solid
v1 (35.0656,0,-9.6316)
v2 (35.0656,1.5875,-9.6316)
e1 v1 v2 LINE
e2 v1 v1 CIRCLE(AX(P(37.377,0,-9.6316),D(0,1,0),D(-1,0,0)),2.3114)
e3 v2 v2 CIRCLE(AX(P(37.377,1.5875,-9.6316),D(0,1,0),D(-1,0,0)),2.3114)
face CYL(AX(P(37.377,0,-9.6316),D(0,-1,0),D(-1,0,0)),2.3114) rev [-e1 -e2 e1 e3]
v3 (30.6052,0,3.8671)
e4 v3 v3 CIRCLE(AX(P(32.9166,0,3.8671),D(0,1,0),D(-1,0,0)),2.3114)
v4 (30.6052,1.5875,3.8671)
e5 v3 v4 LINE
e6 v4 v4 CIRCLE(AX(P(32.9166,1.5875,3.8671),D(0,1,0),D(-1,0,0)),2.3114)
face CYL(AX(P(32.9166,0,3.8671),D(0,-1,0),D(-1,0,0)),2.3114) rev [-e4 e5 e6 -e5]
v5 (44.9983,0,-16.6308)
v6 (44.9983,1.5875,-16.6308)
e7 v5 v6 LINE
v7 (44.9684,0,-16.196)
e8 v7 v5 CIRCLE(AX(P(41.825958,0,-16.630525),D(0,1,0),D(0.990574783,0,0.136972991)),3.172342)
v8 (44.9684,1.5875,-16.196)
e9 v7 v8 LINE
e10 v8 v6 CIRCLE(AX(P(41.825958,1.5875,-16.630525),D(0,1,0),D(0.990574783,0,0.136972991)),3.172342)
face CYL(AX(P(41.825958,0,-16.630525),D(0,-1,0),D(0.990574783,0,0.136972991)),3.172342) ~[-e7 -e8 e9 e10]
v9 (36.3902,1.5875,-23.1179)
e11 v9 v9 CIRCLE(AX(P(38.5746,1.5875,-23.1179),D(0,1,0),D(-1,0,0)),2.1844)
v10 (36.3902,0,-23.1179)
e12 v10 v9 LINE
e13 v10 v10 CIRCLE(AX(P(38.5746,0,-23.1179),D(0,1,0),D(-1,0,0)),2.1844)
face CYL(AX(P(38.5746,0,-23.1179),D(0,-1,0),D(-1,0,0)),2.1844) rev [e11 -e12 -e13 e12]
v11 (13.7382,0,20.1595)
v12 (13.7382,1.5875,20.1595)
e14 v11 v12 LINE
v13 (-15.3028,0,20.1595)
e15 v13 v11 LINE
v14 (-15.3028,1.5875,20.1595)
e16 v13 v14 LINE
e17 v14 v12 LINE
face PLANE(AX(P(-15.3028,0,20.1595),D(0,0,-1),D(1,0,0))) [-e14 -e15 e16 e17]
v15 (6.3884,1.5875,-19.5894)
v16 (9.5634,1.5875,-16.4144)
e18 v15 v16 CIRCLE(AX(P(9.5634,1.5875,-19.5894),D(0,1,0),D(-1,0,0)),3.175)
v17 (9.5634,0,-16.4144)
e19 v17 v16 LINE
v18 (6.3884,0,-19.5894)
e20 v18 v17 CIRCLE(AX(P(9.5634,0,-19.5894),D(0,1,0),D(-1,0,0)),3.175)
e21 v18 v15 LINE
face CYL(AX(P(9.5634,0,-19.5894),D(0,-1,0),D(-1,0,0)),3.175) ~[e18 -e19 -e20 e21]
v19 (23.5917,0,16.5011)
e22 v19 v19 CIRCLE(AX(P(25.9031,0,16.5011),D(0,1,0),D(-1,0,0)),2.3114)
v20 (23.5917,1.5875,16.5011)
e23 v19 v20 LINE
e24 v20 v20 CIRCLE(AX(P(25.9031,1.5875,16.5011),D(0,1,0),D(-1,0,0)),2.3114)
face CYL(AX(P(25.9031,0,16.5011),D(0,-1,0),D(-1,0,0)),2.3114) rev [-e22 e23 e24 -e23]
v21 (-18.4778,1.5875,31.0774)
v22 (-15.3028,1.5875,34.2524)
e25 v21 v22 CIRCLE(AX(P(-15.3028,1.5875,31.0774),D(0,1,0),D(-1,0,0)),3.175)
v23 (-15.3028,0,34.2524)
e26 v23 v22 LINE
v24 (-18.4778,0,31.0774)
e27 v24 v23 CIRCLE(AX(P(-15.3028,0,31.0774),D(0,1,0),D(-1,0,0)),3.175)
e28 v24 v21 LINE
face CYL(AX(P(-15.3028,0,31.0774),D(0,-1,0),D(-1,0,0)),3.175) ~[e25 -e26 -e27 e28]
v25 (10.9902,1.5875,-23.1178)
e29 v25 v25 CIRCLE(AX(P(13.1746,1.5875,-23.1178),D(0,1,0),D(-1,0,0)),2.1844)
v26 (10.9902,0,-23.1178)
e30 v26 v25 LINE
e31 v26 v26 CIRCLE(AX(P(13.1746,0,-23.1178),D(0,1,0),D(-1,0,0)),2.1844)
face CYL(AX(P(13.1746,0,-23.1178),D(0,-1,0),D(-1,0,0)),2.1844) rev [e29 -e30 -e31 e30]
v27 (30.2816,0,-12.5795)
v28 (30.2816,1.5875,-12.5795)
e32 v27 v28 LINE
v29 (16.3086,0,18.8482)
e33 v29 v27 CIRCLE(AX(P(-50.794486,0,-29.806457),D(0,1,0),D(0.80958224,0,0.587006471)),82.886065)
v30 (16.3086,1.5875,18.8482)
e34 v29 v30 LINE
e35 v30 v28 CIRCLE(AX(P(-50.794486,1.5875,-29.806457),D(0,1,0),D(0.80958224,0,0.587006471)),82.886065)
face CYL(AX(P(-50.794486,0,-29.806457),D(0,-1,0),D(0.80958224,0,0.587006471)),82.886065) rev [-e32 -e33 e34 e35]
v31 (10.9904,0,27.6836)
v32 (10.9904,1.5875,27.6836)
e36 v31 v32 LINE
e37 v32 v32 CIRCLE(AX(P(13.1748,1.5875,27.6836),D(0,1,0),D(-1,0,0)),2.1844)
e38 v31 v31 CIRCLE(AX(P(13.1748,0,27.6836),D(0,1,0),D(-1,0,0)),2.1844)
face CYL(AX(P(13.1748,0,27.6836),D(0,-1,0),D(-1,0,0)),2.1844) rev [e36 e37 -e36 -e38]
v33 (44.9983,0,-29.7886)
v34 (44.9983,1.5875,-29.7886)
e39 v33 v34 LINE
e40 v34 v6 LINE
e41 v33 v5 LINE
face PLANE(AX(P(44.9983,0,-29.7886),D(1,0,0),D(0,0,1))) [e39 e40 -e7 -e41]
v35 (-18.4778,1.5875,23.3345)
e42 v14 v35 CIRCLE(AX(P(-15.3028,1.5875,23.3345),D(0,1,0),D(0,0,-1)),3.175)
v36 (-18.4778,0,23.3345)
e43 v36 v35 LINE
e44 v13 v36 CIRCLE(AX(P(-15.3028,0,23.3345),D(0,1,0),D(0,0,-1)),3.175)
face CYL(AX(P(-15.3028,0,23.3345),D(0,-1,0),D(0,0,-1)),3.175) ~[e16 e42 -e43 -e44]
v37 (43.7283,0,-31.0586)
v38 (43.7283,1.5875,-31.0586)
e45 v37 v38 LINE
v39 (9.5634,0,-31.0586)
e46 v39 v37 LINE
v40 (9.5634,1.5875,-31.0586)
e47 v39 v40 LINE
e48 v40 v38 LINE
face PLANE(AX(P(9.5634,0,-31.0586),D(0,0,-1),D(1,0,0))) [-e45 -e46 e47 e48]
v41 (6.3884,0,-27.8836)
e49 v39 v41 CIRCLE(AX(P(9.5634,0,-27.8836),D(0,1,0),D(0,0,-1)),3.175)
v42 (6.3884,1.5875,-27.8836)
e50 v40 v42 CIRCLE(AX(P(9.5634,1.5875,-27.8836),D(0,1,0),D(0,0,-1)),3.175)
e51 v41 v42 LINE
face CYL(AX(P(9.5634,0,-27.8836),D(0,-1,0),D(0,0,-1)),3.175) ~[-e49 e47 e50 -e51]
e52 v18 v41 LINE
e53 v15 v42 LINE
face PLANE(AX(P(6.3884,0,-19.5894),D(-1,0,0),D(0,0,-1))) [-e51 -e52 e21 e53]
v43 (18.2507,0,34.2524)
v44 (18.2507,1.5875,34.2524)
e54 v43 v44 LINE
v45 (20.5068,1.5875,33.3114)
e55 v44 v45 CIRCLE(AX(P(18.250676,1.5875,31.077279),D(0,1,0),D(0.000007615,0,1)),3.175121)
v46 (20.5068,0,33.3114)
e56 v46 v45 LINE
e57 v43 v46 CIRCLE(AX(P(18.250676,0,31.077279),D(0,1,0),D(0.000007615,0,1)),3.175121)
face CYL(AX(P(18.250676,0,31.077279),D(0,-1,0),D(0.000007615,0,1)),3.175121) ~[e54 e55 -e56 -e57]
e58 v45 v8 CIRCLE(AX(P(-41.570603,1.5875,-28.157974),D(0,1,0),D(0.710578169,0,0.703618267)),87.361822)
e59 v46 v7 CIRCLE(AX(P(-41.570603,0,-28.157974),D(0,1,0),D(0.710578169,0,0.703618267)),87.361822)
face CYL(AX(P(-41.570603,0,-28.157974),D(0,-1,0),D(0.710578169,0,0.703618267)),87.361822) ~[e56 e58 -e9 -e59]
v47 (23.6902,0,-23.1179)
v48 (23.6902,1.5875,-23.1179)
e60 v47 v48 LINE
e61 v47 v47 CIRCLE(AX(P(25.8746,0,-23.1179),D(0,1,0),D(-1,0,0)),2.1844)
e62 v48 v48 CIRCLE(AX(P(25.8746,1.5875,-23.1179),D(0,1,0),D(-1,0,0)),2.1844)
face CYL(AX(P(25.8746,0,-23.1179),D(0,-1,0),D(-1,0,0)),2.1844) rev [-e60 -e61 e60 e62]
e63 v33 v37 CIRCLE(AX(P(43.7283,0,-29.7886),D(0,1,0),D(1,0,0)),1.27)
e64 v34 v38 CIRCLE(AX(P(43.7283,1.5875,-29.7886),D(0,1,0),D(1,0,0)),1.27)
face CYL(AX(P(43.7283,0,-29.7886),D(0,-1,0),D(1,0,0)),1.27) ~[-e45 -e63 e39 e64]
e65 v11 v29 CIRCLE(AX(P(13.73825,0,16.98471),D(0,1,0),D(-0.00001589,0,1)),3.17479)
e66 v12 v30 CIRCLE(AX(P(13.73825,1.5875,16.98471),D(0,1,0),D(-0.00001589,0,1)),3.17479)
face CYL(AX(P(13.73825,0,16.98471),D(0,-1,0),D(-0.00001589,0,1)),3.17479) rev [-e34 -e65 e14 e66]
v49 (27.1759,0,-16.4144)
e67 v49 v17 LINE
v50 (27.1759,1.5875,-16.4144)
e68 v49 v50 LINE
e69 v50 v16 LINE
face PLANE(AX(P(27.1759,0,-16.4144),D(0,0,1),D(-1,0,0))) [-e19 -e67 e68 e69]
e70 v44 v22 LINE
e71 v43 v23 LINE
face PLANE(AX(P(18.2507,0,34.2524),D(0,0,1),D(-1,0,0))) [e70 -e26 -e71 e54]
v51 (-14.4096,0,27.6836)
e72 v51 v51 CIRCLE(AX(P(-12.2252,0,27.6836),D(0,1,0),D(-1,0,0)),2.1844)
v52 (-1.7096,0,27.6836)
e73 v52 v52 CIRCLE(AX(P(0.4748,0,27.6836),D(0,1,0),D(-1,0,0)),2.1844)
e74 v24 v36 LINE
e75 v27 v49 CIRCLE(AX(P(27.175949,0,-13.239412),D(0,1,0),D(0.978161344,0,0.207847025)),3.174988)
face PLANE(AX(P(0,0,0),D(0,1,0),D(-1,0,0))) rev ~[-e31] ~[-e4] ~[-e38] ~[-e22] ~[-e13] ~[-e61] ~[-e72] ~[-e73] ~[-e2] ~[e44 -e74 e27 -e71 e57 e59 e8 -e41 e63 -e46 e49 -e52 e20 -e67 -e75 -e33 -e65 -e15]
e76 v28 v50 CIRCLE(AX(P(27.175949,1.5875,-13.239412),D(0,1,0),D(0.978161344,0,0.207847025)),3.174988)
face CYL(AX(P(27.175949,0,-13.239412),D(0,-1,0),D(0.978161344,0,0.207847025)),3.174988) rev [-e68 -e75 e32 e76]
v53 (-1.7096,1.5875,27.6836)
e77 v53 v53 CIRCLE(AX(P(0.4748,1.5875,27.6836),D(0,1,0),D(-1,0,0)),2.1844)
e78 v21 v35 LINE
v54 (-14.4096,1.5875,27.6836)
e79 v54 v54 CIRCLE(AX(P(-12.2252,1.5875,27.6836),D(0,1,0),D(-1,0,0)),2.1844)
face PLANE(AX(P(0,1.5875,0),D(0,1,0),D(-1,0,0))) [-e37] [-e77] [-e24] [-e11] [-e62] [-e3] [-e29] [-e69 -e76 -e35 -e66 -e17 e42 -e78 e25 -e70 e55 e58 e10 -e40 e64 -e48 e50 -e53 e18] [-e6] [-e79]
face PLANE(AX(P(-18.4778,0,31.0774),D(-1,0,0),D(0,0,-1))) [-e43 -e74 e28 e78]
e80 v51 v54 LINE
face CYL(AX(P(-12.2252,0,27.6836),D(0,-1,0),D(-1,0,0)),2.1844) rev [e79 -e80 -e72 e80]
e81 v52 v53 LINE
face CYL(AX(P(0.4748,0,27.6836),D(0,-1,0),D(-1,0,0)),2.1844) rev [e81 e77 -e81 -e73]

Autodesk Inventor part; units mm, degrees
ref_plane "YZ Plane" through (0, 0, 0) normal (1, 0, 0) x (0, 1, 0)
ref_plane "XZ Plane" through (0, 0, 0) normal (0, 1, 0) x (-1, 0, 0)
ref_plane "XY Plane" through (0, 0, 0) normal (0, 0, 1) x (1, 0, 0)
sketch "Sketch1" plane through (0, 0, 0) normal (0, 1, 0) x (-1, 0, 0)
  circle A0 centre (-13.1748, 27.6836) radius 2.1844
  circle A1 centre (-0.4748, 27.6836) radius 2.1844
  circle A2 centre (12.2252, 27.6836) radius 2.1844
  circle A3 centre (-38.5746, -23.1179) radius 2.1844
  circle A4 centre (-25.8746, -23.1179) radius 2.1844
  circle A5 centre (-13.1746, -23.1178) radius 2.1844
  line L0 (-18.5197, 34.2524) -> (-18.2507, 34.2524)
  line L1 (-18.5197, 34.2524) -> (15.3028, 34.2524)
  line L2 (18.4778, 31.0774) -> (18.4778, 23.3345)
  line L3 (15.3028, 20.1595) -> (-13.7382, 20.1595)
  arc A6 (-16.3086, 18.8482) -> (-30.2816, -12.5795) centre (50.793, -29.8056) ccw
  line L4 (-27.1759, -16.4144) -> (-9.5634, -16.4144)
  line L5 (-6.3884, -19.5894) -> (-6.3884, -27.8836)
  line L6 (-9.5634, -31.0586) -> (-43.7283, -31.0586)
  line L7 (-44.9983, -29.7886) -> (-44.9983, -16.6308)
  arc A7 (-20.5068, 33.3114) -> (-44.9684, -16.196) centre (41.5705, -28.1579) ccw
  arc A8 (-18.2507, 34.2524) -> (-20.5068, 33.3114) centre (-18.2507, 31.0774) ccw
  arc A9 (18.4778, 31.0774) -> (15.3028, 34.2524) centre (15.3028, 31.0774) ccw
  arc A10 (15.3028, 20.1595) -> (18.4778, 23.3345) centre (15.3028, 23.3345) ccw
  arc A11 (-13.7382, 20.1595) -> (-16.3086, 18.8482) centre (-13.7382, 16.9845) ccw
  arc A12 (-30.2816, -12.5795) -> (-27.1759, -16.4144) centre (-27.1759, -13.2394) ccw
  arc A13 (-6.3884, -19.5894) -> (-9.5634, -16.4144) centre (-9.5634, -19.5894) ccw
  arc A14 (-9.5634, -31.0586) -> (-6.3884, -27.8836) centre (-9.5634, -27.8836) ccw
  arc A15 (-44.9684, -16.196) -> (-44.9983, -16.6308) centre (-41.8233, -16.6308) ccw
  arc A16 (-44.9983, -29.7886) -> (-43.7283, -31.0586) centre (-43.7283, -29.7886) ccw
  circle A17 centre (-25.9031, 16.5011) radius 2.3114
  circle A18 centre (-32.9166, 3.8671) radius 2.3114
  circle A19 centre (-37.377, -9.6316) radius 2.3114
  point P0 (0, 0)
  point P1 (-19.5607, 34.2524)
  point P2 (-15.338, 20.1595)
  point P3 (-30.5749, -14.023)
  point P4 (-25.9031, -16.4144)
  point P5 (-44.9983, -16.4144)
  dimension "d0" = 3.175
  dimension "d1" = 3.175
  dimension "d2" = 1.27
  dimension "d3" = 4.6228
  dimension "d4" = 4.6228
  dimension "d5" = 4.6228
extrude "Extrusion1" add sketch "Sketch1" along normal blind 1.5875
properties part number "Drive_Bumpers" material "Acetal Resin, White"
